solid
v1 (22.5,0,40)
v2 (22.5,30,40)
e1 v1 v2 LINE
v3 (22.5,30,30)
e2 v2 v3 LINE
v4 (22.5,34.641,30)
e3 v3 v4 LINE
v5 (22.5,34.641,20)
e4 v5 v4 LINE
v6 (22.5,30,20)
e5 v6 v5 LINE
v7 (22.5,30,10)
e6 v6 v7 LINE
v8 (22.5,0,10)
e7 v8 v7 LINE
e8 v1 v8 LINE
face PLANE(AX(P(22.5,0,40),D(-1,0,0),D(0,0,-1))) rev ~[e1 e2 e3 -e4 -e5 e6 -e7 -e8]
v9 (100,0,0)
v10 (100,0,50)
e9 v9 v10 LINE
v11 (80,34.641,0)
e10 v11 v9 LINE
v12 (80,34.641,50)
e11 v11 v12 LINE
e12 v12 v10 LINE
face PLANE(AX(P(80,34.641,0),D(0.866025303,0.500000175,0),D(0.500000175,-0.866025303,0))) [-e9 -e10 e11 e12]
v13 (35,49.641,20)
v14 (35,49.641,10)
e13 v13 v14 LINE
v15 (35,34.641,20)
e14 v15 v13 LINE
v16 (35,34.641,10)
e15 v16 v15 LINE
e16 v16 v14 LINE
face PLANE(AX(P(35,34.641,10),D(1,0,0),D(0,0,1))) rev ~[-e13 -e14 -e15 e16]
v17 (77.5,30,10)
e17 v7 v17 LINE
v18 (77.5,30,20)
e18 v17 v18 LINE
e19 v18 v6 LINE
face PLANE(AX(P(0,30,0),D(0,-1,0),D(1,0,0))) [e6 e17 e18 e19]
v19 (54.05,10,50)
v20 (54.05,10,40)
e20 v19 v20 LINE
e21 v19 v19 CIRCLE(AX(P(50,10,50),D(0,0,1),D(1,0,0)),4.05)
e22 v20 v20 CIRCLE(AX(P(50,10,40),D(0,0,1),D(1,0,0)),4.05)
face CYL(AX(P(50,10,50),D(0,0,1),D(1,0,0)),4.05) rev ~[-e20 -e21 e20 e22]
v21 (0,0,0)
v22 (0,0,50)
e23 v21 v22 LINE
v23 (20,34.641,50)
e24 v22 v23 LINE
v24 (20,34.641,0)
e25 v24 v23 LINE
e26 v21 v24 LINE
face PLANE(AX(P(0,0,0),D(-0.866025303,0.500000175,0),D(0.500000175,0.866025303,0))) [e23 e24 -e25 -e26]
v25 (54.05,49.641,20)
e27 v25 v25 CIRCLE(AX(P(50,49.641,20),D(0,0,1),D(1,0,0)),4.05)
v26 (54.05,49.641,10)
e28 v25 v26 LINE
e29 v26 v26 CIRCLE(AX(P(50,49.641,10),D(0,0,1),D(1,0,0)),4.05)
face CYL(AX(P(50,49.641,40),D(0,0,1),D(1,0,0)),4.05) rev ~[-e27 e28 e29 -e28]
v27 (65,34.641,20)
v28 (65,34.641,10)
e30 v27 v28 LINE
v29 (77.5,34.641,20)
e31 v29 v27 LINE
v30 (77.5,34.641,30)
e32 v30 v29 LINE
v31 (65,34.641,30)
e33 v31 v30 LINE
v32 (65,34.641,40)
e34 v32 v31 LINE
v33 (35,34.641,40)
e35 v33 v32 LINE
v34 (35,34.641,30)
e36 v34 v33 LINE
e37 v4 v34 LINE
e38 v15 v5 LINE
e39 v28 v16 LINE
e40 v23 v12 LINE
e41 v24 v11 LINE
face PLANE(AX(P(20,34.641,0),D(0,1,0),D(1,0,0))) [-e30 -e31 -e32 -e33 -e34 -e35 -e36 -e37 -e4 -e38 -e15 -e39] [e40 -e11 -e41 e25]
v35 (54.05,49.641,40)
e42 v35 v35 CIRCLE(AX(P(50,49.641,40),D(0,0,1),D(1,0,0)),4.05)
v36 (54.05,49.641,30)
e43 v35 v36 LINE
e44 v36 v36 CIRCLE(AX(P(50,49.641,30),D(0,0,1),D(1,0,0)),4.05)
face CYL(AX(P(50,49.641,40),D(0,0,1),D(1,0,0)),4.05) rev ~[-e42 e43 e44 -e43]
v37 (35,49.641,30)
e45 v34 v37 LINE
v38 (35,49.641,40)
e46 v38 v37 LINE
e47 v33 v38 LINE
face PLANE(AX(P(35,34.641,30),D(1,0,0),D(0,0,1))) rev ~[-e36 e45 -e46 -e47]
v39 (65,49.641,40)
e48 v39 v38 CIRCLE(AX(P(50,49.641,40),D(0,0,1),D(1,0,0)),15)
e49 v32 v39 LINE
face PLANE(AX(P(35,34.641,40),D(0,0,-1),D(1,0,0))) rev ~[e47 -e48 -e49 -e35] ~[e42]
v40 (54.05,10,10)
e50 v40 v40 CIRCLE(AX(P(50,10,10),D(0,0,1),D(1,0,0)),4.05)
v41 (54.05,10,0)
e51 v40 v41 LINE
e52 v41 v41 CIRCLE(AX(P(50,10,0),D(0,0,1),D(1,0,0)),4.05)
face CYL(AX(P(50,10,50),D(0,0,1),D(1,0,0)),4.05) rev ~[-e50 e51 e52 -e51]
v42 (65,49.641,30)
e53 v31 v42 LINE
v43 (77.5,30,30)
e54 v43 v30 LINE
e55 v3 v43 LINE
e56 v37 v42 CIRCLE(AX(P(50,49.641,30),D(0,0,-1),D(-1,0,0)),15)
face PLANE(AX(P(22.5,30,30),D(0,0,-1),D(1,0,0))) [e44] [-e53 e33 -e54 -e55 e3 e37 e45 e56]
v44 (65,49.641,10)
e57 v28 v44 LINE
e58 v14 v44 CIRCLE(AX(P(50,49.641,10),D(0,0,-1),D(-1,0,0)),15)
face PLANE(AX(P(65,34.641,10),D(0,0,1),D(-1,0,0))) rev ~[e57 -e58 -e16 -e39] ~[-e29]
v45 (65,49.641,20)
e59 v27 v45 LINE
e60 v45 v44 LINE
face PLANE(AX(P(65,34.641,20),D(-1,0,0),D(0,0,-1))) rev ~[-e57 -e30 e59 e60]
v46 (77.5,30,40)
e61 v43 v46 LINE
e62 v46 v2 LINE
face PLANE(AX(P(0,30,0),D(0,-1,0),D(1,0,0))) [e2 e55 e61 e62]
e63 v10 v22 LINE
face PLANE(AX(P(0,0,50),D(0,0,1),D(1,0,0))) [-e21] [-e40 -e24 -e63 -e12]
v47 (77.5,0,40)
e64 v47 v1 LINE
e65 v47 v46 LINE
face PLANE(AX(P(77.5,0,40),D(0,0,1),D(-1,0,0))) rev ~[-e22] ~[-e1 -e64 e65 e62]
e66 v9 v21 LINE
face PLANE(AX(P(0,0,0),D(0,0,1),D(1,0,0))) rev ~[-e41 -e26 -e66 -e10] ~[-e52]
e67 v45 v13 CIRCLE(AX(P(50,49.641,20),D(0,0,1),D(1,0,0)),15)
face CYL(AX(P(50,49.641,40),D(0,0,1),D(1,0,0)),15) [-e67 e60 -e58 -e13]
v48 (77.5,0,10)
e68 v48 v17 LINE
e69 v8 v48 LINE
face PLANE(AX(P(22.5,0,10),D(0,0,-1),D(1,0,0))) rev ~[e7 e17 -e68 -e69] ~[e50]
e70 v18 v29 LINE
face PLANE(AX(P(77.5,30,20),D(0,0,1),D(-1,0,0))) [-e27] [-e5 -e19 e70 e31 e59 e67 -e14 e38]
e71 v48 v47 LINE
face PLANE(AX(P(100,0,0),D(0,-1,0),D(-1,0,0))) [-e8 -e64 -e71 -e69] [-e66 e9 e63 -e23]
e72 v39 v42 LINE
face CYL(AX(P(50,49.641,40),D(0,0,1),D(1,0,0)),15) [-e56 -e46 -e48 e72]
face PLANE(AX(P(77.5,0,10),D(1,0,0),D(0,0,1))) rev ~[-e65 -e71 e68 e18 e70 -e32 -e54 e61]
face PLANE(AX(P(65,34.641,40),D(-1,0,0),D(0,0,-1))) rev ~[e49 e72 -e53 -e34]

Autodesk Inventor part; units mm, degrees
ref_plane "YZ Plane" through (0, 0, 0) normal (1, 0, 0) x (0, 1, 0)
ref_plane "XZ Plane" through (0, 0, 0) normal (0, 1, 0) x (-1, 0, 0)
ref_plane "XY Plane" through (0, 0, 0) normal (0, 0, 1) x (1, 0, 0)
sketch "Sketch1" plane through (0, 0, 0) normal (0, 0, 1) x (1, 0, 0)
  line L0 (0, 0) -> (20, 34.641)
  line L1 (20, 34.641) -> (80, 34.641)
  line L2 (80, 34.641) -> (100, 0)
  line L3 (100, 0) -> (0, 0)
  dimension "d2" = 40
  dimension "d3" = 60
  dimension "d4" = 40
  dimension "d5" = 100
extrude "Extrusion1" add sketch "Sketch1" along normal blind 50
sketch "Sketch2" plane through (20, 34.641, 0) normal (0, 1, 0) x (1, 0, 0)
  line L0 (45, -10) -> (15, -10)
  line L1 (15, -10) -> (15, -40)
  line L2 (15, -40) -> (45, -40)
  line L3 (45, -40) -> (45, -10)
  line L4 (60, 0) -> (0, 0) projected
  line L5 (-20, 0) -> (-20, -50) projected
  line L6 (45, -20) -> (15, -20)
  line L7 (45, -30) -> (15, -30)
  point P0 (30, 0)
  point P1 (45, -25)
  point P2 (30, -40)
  dimension "d8" = 30
  dimension "d9" = 30
  dimension "d10" = 25
  dimension "d11" = 50
  dimension "d31" = 10
  dimension "d32" = 10
extrude "Extrusion2" add sketch "Sketch2" along normal blind 30 contours L3 L6 L1 L0 | L3 L2 L1 L7
sketch "Sketch3" plane through (0, 0, 0) normal (0, -1, 0) x (1, 0, 0)
  line L0 (22.5, 10) -> (77.5, 10)
  line L1 (77.5, 10) -> (77.5, 40)
  line L2 (77.5, 40) -> (22.5, 40)
  line L3 (22.5, 40) -> (22.5, 10)
  line L4 (0, 0) -> (0, 50) projected
  line L5 (0, 50) -> (100, 50) projected
  point P0 (50, 10)
  point P1 (22.5, 25)
  dimension "d14" = 55
  dimension "d15" = 30
  dimension "d16" = 50
  dimension "d17" = 25
extrude "Extrusion3" cut sketch "Sketch3" against normal blind 30
sketch "Sketch4" plane through (0, 0, 50) normal (0, 0, 1) x (1, 0, 0)
  circle A0 centre (50, 10) radius 4.05
  line L0 (0, 0) -> (100, 0) projected
  dimension "d20" = 8.1
  dimension "d21" = 10
  dimension "d22" = 50
extrude "Extrusion4" cut sketch "Sketch4" against normal up to surface (50 mm away)
sketch "Sketch5" plane through (35, 34.641, 40) normal (0, 0, 1) x (1, 0, 0)
  circle A0 centre (15, 15) radius 4.05
  line L0 (30, 0) -> (30, 30) projected
  line L1 (0, 30) -> (30, 30) projected
  line L2 (0, 0) -> (0, 30) projected
  arc A1 (30, 15) -> (0, 15) centre (15, 15) ccw
  line L3 (0, 15) -> (0, 30)
  line L4 (30, 30) -> (30, 15)
  line L5 (30, 30) -> (0, 30)
  point P0 (-35, -34.641)
  point P1 (15, 30)
  dimension "d25" = 8.1
  dimension "d26" = 15
  dimension "d27" = 15
  dimension "d28" = 15
extrude "Extrusion5" cut sketch "Sketch5" against normal up to surface (30 mm away)
sketch "Sketch6" plane through (0, 30, 0) normal (0, -1, 0) x (1, 0, 0)
  line L0 (77.5, 40) -> (77.5, 10) projected
  line L1 (22.5, 40) -> (77.5, 40) projected
  line L2 (22.5, 10) -> (22.5, 40) projected
  line L3 (77.5, 10) -> (22.5, 10) projected
  line L4 (77.5, 20) -> (22.5, 20)
  line L5 (22.5, 20) -> (22.5, 30)
  line L6 (22.5, 30) -> (77.5, 30)
  line L7 (77.5, 30) -> (77.5, 20)
  point P0 (0, 0)
  point P1 (22.5, 20)
  dimension "d33" = 10
  dimension "d34" = 10
extrude "Extrusion6" cut sketch "Sketch6" against normal up to surface (4.641 mm away) contours L0 L4 L2 L6
properties part number "center_wheel_well"
